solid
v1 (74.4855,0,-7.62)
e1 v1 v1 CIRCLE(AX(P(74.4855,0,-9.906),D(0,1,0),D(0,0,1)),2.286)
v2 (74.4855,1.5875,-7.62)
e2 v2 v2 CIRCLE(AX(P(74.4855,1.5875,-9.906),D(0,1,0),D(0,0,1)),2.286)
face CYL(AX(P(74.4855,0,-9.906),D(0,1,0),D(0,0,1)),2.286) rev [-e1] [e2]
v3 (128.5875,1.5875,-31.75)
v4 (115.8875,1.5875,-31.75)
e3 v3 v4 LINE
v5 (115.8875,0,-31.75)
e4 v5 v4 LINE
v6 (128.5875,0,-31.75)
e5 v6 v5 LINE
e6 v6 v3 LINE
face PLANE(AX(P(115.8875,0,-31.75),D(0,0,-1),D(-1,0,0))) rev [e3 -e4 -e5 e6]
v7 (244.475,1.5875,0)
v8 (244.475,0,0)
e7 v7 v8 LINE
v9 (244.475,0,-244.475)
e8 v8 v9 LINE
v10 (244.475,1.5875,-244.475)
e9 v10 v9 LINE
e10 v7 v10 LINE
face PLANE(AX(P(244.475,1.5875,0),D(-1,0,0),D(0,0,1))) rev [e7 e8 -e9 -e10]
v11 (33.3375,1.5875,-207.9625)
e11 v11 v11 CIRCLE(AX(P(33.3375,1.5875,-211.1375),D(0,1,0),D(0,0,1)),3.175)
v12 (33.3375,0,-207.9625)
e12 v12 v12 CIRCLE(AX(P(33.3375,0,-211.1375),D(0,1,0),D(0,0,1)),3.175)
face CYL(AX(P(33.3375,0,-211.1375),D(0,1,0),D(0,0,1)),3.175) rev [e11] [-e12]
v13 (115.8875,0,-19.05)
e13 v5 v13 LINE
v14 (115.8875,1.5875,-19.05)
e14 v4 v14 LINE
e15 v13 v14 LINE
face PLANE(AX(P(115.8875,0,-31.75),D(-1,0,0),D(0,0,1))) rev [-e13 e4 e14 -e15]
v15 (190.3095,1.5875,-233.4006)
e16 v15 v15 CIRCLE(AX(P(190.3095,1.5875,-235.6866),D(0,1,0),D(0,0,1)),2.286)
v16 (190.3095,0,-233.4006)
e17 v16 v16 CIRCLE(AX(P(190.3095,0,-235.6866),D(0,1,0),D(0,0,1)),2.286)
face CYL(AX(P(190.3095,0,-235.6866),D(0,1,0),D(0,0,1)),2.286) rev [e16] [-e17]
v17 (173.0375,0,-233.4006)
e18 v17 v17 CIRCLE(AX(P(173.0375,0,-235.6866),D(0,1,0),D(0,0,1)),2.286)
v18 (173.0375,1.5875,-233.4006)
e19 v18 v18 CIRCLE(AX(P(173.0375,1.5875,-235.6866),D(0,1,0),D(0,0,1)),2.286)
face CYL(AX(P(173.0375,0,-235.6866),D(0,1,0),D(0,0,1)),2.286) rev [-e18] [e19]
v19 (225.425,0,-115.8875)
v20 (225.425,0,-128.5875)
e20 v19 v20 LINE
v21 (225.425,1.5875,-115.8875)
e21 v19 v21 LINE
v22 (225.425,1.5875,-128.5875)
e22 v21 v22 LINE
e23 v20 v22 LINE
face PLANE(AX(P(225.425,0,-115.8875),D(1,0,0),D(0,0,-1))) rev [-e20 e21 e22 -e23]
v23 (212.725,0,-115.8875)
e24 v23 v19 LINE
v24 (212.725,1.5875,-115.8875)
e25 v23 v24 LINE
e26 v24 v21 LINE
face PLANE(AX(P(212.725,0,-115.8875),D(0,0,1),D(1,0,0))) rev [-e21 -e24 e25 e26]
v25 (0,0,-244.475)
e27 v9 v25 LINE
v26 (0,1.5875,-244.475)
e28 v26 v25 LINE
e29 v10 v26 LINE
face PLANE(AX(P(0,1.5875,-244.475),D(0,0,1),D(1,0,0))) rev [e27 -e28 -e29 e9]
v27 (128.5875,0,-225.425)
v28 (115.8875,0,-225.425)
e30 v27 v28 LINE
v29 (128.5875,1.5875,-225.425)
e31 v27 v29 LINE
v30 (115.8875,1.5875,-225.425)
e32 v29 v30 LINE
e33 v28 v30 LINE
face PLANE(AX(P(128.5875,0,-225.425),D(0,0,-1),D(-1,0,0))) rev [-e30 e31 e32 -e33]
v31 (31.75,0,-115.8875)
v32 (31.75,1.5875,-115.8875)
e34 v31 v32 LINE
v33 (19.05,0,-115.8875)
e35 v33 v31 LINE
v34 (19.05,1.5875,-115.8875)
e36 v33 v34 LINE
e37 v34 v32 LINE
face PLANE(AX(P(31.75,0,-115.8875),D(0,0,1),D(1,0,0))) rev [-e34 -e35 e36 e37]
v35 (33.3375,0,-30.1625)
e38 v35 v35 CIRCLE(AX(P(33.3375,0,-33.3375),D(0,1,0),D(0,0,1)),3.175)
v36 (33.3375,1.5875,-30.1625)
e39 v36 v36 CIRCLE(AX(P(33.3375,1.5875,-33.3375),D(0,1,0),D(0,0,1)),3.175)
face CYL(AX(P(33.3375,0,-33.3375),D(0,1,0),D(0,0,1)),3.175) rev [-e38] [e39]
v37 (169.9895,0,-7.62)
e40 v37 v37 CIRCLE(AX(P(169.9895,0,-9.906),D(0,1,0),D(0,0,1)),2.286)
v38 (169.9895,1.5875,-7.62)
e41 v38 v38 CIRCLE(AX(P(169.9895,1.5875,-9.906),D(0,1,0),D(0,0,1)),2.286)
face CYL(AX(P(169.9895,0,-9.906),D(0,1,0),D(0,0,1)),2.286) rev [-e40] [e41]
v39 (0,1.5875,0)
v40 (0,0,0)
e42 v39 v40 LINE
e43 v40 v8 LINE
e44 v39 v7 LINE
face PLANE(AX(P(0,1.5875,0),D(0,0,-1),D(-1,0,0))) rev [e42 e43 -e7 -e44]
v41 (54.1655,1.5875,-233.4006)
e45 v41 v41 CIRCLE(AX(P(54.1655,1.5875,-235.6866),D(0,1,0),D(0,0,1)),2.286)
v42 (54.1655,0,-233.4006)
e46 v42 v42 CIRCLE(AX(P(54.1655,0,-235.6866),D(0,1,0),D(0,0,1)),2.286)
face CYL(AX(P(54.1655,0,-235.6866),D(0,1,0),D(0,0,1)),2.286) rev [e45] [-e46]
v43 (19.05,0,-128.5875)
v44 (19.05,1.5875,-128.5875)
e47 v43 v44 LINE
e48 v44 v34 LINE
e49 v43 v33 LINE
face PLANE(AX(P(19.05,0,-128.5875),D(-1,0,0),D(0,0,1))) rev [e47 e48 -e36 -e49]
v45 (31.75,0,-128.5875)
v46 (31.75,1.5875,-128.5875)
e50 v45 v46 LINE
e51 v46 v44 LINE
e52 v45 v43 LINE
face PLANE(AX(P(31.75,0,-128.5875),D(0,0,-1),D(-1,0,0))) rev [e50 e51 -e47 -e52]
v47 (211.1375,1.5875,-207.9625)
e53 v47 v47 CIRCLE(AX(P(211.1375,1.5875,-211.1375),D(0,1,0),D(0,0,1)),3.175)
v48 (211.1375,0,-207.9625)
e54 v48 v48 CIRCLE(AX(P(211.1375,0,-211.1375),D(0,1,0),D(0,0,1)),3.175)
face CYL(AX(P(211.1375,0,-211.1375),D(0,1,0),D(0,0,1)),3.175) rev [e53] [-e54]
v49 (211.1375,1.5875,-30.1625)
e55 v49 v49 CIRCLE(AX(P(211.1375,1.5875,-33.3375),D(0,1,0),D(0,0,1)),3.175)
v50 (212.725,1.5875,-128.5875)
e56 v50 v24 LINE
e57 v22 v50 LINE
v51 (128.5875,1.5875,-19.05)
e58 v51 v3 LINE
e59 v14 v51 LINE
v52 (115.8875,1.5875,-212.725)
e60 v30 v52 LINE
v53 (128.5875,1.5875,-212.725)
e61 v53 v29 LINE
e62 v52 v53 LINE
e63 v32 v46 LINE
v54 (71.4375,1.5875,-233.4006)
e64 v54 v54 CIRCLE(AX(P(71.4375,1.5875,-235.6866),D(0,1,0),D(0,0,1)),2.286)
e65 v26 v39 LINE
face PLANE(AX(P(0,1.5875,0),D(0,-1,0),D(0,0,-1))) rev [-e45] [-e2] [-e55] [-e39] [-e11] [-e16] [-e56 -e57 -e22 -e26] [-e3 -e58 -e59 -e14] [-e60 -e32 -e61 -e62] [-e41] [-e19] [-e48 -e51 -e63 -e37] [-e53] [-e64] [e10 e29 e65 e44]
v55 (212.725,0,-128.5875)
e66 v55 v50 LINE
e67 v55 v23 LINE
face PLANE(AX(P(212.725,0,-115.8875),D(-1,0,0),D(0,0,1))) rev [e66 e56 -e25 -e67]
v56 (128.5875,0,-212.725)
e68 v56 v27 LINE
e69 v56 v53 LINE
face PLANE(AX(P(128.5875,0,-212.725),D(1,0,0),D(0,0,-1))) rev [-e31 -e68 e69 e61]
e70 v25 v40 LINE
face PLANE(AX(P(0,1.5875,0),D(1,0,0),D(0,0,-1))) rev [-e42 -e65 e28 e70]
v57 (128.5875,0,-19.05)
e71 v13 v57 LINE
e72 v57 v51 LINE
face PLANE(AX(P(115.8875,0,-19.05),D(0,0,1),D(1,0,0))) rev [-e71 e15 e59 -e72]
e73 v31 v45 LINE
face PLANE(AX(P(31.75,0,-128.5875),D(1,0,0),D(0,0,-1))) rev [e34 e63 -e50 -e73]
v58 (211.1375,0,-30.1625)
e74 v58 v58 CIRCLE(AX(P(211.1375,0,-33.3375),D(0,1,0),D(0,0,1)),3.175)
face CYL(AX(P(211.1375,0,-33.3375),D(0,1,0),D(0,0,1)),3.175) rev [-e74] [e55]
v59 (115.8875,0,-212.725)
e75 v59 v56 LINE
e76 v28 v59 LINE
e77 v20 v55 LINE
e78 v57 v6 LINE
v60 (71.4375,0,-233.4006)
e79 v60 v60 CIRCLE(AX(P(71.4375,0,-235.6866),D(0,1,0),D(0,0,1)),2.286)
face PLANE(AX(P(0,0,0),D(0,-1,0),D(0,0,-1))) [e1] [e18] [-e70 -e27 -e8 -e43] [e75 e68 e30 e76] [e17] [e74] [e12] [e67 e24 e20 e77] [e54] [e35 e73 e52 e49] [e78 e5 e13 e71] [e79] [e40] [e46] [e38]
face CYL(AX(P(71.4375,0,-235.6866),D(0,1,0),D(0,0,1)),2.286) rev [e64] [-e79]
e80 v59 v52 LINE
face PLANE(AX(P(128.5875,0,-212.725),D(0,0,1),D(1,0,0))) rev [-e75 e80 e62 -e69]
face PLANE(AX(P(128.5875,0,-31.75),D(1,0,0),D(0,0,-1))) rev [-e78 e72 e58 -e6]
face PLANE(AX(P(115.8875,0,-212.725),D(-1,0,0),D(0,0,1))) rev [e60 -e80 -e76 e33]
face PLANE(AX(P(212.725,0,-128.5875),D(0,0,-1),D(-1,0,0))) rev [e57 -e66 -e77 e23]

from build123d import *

# Parameters (mm, degrees)
SKETCH1_W               = 244.475
SKETCH1_H               = 244.475
MAIN_BODY_DEPTH         = 1.5875
SKETCH2_R               = 2.286
HINGES_LOCK_HOLES_DEPTH = 2.5875
SKETCH3_R               = 3.175
THREAD_HOLES_DEPTH      = 2.5875
SKETCH4_W               = 12.7
SKETCH4_H               = 12.7
LED_HOLES_DEPTH         = 2.5875


with BuildPart() as part:
    # Sketch1 → Main Body (new body)
    with BuildSketch(Plane(origin=(0, 0, 0), x_dir=(1, 0, 0), z_dir=(0, 1, 0))):
        with Locations((122.2375, 122.2375)):
            Rectangle(SKETCH1_W, SKETCH1_H)
    extrude(amount=MAIN_BODY_DEPTH)

    # Sketch2 → Hinges/Lock Holes (cut, through all)
    with BuildSketch(Plane(origin=(0, 1.5875, 0), x_dir=(1, 0, 0), z_dir=(0, 1, 0))):
        with Locations((54.1655, 235.6866)):
            Circle(SKETCH2_R)
        with Locations((71.4375, 235.6866)):
            Circle(SKETCH2_R)
        with Locations((173.0375, 235.6866)):
            Circle(SKETCH2_R)
        with Locations((190.3095, 235.6866)):
            Circle(SKETCH2_R)
        with Locations((74.4855, 9.906)):
            Circle(SKETCH2_R)
        with Locations((169.9895, 9.906)):
            Circle(SKETCH2_R)
    extrude(amount=-HINGES_LOCK_HOLES_DEPTH, mode=Mode.SUBTRACT)

    # Sketch3 → Thread Holes (cut, through all)
    with BuildSketch(Plane(origin=(0, 1.5875, 0), x_dir=(1, 0, 0), z_dir=(0, 1, 0))):
        with Locations((211.1375, 33.3375)):
            Circle(SKETCH3_R)
        with Locations((33.3375, 211.1375)):
            Circle(SKETCH3_R)
        with Locations((211.1375, 211.1375)):
            Circle(SKETCH3_R)
        with Locations((33.3375, 33.3375)):
            Circle(SKETCH3_R)
    extrude(amount=-THREAD_HOLES_DEPTH, mode=Mode.SUBTRACT)

    # Sketch4 → LED Holes (cut, through all)
    with BuildSketch(Plane(origin=(0, 1.5875, 0), x_dir=(1, 0, 0), z_dir=(0, 1, 0))):
        with Locations((122.2375, 25.4)):
            Rectangle(SKETCH4_W, SKETCH4_H)
        with Locations((25.4, 122.2375)):
            Rectangle(SKETCH4_W, SKETCH4_H)
        with Locations((122.2375, 219.075)):
            Rectangle(SKETCH4_W, SKETCH4_H)
        with Locations((219.075, 122.2375)):
            Rectangle(SKETCH4_W, SKETCH4_H)
    extrude(amount=-LED_HOLES_DEPTH, mode=Mode.SUBTRACT)


solid = part.part
